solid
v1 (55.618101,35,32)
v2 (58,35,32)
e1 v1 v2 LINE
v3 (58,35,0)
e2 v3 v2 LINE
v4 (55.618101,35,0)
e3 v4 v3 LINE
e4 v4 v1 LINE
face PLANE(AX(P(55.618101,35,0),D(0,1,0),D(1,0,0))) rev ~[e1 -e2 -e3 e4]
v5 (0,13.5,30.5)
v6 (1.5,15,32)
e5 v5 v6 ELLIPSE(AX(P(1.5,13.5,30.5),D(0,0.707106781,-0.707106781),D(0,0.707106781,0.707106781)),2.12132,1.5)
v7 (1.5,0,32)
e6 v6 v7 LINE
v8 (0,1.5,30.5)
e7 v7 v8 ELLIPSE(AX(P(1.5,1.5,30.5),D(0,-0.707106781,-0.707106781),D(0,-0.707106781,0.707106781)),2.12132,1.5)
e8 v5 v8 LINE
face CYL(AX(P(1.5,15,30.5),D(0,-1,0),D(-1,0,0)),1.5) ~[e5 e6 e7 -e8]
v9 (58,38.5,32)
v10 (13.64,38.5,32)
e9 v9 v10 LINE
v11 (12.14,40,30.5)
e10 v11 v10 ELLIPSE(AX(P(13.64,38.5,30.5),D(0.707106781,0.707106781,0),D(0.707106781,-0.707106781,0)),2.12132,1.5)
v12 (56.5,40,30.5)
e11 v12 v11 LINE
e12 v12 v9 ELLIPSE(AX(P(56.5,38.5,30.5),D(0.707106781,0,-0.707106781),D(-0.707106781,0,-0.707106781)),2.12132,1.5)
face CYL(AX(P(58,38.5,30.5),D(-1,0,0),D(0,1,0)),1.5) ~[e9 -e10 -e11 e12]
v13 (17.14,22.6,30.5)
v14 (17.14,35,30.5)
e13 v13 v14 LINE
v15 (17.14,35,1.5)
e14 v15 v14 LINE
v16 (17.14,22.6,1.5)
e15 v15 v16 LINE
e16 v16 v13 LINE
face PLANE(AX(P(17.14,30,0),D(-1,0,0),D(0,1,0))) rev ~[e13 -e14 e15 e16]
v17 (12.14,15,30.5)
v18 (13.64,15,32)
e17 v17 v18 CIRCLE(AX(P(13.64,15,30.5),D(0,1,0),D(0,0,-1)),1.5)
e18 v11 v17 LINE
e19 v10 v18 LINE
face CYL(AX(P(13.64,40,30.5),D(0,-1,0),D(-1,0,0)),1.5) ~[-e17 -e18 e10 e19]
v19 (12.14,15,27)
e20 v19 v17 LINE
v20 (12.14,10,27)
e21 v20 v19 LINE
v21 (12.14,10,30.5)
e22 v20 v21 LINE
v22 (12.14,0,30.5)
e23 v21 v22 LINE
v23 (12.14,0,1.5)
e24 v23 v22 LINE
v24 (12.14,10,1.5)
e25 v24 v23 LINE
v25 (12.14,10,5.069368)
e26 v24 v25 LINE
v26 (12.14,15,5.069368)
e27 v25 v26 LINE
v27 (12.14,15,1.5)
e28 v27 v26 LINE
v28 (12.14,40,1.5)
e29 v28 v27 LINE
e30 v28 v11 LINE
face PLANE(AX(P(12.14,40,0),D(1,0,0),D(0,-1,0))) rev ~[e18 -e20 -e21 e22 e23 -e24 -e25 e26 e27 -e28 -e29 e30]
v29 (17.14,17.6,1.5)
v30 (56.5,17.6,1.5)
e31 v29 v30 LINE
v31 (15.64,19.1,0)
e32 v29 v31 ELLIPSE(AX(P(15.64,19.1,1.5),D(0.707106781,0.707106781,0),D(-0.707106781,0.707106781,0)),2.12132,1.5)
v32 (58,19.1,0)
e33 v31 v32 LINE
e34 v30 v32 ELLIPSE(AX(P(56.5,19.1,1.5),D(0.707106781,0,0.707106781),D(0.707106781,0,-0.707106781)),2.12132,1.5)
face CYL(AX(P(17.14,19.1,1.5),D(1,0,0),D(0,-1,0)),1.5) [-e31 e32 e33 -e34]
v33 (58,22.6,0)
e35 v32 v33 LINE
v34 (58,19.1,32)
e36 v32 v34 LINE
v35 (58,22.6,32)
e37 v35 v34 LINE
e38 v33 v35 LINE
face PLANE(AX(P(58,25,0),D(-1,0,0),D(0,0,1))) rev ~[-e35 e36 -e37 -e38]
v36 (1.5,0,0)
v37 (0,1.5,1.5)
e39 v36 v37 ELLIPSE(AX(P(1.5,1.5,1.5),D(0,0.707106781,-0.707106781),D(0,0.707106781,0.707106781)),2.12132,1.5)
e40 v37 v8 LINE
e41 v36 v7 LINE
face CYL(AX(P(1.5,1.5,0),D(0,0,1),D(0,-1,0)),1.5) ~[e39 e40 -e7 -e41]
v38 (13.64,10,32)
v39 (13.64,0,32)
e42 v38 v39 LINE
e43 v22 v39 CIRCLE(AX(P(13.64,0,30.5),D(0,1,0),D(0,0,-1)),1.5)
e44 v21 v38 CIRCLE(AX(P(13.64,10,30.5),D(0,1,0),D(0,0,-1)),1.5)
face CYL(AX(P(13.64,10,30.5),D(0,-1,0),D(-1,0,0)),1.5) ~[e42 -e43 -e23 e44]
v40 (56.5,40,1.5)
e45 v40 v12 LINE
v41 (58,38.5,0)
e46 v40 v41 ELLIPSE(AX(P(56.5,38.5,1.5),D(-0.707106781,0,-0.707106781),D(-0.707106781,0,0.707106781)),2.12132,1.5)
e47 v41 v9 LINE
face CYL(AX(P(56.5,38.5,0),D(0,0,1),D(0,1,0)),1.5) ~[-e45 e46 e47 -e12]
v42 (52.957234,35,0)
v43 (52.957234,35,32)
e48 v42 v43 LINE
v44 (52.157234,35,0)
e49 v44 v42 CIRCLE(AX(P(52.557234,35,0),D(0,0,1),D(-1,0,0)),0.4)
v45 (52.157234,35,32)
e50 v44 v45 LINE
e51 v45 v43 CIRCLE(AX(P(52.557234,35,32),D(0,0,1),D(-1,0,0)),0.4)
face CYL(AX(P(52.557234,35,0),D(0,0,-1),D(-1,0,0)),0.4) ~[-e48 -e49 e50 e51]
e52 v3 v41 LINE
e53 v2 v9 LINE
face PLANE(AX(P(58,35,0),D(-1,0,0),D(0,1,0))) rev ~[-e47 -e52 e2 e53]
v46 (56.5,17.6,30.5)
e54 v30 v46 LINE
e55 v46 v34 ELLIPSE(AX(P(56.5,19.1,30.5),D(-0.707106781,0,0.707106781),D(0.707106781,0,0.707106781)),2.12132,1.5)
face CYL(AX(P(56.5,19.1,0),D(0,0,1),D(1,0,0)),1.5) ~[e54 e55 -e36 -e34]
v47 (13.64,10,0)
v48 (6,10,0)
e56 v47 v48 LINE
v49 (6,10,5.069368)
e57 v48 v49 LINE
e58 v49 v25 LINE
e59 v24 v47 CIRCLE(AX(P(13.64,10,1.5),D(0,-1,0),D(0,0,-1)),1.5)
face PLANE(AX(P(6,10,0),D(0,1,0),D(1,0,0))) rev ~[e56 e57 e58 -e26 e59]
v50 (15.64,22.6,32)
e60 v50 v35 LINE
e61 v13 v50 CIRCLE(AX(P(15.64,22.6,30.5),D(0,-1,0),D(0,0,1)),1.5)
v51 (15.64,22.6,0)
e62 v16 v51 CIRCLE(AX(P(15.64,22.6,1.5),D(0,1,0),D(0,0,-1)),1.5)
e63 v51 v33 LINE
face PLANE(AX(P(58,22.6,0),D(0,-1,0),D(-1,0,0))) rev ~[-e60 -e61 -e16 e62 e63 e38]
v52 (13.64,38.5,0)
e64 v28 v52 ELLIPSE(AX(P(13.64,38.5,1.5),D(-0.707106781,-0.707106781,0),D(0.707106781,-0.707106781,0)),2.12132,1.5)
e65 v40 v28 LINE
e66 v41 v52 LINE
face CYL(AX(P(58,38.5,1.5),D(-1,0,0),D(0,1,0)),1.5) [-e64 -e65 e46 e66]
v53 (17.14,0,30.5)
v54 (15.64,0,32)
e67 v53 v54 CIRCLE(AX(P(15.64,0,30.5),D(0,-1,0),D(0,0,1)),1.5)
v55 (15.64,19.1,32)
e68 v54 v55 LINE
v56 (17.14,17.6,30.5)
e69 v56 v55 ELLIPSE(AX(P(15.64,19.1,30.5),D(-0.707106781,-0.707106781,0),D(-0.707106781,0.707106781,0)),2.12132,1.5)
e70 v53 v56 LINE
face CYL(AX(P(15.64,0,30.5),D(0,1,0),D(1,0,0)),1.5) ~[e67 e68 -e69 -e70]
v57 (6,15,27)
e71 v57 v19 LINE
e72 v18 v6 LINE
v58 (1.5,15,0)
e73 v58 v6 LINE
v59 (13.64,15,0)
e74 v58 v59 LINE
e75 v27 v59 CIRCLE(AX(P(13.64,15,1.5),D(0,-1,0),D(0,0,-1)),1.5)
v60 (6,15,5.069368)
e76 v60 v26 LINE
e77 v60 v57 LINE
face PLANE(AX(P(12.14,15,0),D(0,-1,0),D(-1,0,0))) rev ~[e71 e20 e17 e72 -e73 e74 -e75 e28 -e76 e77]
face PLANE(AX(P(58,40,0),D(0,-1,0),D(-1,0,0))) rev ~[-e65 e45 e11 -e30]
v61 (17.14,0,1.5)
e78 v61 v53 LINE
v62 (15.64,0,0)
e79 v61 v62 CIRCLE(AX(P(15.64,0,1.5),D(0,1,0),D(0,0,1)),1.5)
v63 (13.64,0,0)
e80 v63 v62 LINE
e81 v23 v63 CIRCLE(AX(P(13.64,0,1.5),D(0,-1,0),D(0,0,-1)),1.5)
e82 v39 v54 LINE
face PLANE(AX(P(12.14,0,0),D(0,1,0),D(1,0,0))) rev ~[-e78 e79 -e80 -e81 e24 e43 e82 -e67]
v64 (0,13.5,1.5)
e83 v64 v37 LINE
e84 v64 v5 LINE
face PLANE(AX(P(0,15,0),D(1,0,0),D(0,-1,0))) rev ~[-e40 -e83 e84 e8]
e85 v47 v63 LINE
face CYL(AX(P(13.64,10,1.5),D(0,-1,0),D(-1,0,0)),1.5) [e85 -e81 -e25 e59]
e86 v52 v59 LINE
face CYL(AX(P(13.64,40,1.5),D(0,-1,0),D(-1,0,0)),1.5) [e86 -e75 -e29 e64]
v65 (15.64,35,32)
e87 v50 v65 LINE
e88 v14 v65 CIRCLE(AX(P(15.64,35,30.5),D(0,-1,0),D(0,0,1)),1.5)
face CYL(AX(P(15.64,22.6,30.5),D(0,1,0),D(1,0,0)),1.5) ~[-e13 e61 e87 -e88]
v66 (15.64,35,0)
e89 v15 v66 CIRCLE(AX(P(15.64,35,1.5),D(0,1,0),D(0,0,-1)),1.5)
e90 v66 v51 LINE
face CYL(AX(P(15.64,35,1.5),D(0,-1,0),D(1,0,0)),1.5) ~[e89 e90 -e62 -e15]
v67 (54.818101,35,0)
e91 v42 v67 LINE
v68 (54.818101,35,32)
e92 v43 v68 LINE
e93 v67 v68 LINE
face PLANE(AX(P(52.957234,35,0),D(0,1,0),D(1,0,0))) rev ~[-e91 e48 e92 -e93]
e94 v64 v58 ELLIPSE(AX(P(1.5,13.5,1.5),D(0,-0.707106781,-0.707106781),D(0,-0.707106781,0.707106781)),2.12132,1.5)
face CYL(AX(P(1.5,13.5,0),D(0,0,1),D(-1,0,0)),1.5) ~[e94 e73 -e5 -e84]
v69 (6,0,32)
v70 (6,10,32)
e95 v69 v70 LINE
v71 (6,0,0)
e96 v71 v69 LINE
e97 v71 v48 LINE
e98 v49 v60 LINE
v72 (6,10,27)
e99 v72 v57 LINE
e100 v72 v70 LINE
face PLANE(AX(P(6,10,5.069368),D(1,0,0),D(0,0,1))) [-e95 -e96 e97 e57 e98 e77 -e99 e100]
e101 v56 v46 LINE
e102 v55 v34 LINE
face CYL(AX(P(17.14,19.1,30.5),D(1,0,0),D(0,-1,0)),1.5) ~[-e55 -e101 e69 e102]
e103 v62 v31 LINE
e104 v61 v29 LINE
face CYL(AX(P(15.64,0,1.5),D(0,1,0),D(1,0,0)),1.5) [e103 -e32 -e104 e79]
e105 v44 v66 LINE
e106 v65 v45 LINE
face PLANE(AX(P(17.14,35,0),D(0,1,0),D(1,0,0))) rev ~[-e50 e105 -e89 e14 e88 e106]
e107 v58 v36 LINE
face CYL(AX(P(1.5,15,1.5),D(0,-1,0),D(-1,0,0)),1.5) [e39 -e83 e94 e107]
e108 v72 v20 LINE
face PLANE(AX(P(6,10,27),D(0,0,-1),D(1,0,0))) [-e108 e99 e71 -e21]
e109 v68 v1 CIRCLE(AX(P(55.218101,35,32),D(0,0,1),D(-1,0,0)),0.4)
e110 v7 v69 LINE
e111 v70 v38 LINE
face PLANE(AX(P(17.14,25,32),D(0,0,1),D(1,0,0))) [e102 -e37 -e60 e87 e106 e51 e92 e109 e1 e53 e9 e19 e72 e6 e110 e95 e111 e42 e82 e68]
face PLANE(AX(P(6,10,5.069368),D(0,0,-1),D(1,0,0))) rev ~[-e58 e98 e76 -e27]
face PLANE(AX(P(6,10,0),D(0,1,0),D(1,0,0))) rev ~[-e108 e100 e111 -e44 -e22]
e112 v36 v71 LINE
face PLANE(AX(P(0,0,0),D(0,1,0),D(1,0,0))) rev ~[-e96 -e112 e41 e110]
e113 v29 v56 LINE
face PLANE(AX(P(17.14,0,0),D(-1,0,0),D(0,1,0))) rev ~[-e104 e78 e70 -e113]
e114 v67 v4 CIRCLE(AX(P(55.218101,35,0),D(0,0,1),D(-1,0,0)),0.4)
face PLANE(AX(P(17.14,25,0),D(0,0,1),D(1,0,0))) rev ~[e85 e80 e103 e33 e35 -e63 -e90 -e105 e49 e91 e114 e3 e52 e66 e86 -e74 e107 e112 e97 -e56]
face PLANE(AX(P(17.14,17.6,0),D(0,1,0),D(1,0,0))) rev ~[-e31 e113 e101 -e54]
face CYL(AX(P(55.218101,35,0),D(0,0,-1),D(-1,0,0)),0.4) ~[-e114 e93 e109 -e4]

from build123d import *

# Parameters (mm, degrees)
F0_W     = 6.14
F0_H     = 5
F1_DEPTH = 32
F2_W     = 6.14
F2_H     = 21.9306324124
F3_DEPTH = 5
F4_DEPTH = 7.4
F5_DEPTH = 7.4
F6_R     = 1.5


with BuildPart() as f1:
    # F0 (on Top) → F1 (new body)
    with BuildSketch(Plane.XY):
        Polygon((0, 15), (0, 0), (6, 0), (6, 10), (6, 15), align=None)
        with Locations((9.07, 12.5)):
            Rectangle(F0_W, F0_H)
        Polygon((12.14, 15), (12.14, 10), (12.14, 0), (17.14, 0), (17.14, 25), (58, 25), (58, 30), (17.14, 30), (17.14, 35), (52.157233721, 35), (52.957233721, 35), (54.8181005478, 35), (55.6181005478, 35), (58, 35), (58, 40), (12.14, 40), (12.14, 25), align=None)
        with BuildLine():
            ThreePointArc((54.8181005478, 35), (55.2181005478, 34.6), (55.6181005478, 35))
            Line((55.6181005478, 35), (54.8181005478, 35))
        make_face()
        with BuildLine():
            ThreePointArc((52.157233721, 35), (52.557233721, 34.6), (52.957233721, 35))
            Line((52.957233721, 35), (52.157233721, 35))
        make_face()
    extrude(amount=F1_DEPTH)

    # F2 (on face) → F3 (cut)
    with BuildSketch(Plane.XZ.offset(-10)):
        with Locations((9.07, 16.0346837938)):
            Rectangle(F2_W, F2_H)
    extrude(amount=-F3_DEPTH, mode=Mode.SUBTRACT)

    # F4 (add): a face of the model
    f4_faces = [f1.faces().sort_by_distance(p)[0] for p in [
        (37.57, 25, 16),
    ]]
    extrude(f4_faces, amount=F4_DEPTH)

    # F5 (cut): a face of the model
    f5_faces = [f1.faces().sort_by_distance(p)[0] for p in [
        (37.57, 30, 16),
    ]]
    extrude(f5_faces, amount=-F5_DEPTH, mode=Mode.SUBTRACT)

    # F6
    f6_edges = [f1.edges().sort_by_distance(p)[0] for p in [
        (12.14, 5, 32),
        (12.14, 27.5, 32),
        (12.14, 5, 0),
        (12.14, 27.5, 0),
        (0, 15, 16),
        (0, 0, 16),
        (0, 7.5, 0),
        (0, 7.5, 32),
        (17.14, 8.8, 0),
        (17.14, 28.8, 0),
        (17.14, 28.8, 32),
        (17.14, 8.8, 32),
        (37.57, 17.6, 32),
        (37.57, 17.6, 0),
        (35.07, 40, 0),
        (35.07, 40, 32),
        (58, 40, 16),
        (58, 17.6, 16),
    ]]
    fillet(f6_edges, radius=F6_R)


solid = f1.part
